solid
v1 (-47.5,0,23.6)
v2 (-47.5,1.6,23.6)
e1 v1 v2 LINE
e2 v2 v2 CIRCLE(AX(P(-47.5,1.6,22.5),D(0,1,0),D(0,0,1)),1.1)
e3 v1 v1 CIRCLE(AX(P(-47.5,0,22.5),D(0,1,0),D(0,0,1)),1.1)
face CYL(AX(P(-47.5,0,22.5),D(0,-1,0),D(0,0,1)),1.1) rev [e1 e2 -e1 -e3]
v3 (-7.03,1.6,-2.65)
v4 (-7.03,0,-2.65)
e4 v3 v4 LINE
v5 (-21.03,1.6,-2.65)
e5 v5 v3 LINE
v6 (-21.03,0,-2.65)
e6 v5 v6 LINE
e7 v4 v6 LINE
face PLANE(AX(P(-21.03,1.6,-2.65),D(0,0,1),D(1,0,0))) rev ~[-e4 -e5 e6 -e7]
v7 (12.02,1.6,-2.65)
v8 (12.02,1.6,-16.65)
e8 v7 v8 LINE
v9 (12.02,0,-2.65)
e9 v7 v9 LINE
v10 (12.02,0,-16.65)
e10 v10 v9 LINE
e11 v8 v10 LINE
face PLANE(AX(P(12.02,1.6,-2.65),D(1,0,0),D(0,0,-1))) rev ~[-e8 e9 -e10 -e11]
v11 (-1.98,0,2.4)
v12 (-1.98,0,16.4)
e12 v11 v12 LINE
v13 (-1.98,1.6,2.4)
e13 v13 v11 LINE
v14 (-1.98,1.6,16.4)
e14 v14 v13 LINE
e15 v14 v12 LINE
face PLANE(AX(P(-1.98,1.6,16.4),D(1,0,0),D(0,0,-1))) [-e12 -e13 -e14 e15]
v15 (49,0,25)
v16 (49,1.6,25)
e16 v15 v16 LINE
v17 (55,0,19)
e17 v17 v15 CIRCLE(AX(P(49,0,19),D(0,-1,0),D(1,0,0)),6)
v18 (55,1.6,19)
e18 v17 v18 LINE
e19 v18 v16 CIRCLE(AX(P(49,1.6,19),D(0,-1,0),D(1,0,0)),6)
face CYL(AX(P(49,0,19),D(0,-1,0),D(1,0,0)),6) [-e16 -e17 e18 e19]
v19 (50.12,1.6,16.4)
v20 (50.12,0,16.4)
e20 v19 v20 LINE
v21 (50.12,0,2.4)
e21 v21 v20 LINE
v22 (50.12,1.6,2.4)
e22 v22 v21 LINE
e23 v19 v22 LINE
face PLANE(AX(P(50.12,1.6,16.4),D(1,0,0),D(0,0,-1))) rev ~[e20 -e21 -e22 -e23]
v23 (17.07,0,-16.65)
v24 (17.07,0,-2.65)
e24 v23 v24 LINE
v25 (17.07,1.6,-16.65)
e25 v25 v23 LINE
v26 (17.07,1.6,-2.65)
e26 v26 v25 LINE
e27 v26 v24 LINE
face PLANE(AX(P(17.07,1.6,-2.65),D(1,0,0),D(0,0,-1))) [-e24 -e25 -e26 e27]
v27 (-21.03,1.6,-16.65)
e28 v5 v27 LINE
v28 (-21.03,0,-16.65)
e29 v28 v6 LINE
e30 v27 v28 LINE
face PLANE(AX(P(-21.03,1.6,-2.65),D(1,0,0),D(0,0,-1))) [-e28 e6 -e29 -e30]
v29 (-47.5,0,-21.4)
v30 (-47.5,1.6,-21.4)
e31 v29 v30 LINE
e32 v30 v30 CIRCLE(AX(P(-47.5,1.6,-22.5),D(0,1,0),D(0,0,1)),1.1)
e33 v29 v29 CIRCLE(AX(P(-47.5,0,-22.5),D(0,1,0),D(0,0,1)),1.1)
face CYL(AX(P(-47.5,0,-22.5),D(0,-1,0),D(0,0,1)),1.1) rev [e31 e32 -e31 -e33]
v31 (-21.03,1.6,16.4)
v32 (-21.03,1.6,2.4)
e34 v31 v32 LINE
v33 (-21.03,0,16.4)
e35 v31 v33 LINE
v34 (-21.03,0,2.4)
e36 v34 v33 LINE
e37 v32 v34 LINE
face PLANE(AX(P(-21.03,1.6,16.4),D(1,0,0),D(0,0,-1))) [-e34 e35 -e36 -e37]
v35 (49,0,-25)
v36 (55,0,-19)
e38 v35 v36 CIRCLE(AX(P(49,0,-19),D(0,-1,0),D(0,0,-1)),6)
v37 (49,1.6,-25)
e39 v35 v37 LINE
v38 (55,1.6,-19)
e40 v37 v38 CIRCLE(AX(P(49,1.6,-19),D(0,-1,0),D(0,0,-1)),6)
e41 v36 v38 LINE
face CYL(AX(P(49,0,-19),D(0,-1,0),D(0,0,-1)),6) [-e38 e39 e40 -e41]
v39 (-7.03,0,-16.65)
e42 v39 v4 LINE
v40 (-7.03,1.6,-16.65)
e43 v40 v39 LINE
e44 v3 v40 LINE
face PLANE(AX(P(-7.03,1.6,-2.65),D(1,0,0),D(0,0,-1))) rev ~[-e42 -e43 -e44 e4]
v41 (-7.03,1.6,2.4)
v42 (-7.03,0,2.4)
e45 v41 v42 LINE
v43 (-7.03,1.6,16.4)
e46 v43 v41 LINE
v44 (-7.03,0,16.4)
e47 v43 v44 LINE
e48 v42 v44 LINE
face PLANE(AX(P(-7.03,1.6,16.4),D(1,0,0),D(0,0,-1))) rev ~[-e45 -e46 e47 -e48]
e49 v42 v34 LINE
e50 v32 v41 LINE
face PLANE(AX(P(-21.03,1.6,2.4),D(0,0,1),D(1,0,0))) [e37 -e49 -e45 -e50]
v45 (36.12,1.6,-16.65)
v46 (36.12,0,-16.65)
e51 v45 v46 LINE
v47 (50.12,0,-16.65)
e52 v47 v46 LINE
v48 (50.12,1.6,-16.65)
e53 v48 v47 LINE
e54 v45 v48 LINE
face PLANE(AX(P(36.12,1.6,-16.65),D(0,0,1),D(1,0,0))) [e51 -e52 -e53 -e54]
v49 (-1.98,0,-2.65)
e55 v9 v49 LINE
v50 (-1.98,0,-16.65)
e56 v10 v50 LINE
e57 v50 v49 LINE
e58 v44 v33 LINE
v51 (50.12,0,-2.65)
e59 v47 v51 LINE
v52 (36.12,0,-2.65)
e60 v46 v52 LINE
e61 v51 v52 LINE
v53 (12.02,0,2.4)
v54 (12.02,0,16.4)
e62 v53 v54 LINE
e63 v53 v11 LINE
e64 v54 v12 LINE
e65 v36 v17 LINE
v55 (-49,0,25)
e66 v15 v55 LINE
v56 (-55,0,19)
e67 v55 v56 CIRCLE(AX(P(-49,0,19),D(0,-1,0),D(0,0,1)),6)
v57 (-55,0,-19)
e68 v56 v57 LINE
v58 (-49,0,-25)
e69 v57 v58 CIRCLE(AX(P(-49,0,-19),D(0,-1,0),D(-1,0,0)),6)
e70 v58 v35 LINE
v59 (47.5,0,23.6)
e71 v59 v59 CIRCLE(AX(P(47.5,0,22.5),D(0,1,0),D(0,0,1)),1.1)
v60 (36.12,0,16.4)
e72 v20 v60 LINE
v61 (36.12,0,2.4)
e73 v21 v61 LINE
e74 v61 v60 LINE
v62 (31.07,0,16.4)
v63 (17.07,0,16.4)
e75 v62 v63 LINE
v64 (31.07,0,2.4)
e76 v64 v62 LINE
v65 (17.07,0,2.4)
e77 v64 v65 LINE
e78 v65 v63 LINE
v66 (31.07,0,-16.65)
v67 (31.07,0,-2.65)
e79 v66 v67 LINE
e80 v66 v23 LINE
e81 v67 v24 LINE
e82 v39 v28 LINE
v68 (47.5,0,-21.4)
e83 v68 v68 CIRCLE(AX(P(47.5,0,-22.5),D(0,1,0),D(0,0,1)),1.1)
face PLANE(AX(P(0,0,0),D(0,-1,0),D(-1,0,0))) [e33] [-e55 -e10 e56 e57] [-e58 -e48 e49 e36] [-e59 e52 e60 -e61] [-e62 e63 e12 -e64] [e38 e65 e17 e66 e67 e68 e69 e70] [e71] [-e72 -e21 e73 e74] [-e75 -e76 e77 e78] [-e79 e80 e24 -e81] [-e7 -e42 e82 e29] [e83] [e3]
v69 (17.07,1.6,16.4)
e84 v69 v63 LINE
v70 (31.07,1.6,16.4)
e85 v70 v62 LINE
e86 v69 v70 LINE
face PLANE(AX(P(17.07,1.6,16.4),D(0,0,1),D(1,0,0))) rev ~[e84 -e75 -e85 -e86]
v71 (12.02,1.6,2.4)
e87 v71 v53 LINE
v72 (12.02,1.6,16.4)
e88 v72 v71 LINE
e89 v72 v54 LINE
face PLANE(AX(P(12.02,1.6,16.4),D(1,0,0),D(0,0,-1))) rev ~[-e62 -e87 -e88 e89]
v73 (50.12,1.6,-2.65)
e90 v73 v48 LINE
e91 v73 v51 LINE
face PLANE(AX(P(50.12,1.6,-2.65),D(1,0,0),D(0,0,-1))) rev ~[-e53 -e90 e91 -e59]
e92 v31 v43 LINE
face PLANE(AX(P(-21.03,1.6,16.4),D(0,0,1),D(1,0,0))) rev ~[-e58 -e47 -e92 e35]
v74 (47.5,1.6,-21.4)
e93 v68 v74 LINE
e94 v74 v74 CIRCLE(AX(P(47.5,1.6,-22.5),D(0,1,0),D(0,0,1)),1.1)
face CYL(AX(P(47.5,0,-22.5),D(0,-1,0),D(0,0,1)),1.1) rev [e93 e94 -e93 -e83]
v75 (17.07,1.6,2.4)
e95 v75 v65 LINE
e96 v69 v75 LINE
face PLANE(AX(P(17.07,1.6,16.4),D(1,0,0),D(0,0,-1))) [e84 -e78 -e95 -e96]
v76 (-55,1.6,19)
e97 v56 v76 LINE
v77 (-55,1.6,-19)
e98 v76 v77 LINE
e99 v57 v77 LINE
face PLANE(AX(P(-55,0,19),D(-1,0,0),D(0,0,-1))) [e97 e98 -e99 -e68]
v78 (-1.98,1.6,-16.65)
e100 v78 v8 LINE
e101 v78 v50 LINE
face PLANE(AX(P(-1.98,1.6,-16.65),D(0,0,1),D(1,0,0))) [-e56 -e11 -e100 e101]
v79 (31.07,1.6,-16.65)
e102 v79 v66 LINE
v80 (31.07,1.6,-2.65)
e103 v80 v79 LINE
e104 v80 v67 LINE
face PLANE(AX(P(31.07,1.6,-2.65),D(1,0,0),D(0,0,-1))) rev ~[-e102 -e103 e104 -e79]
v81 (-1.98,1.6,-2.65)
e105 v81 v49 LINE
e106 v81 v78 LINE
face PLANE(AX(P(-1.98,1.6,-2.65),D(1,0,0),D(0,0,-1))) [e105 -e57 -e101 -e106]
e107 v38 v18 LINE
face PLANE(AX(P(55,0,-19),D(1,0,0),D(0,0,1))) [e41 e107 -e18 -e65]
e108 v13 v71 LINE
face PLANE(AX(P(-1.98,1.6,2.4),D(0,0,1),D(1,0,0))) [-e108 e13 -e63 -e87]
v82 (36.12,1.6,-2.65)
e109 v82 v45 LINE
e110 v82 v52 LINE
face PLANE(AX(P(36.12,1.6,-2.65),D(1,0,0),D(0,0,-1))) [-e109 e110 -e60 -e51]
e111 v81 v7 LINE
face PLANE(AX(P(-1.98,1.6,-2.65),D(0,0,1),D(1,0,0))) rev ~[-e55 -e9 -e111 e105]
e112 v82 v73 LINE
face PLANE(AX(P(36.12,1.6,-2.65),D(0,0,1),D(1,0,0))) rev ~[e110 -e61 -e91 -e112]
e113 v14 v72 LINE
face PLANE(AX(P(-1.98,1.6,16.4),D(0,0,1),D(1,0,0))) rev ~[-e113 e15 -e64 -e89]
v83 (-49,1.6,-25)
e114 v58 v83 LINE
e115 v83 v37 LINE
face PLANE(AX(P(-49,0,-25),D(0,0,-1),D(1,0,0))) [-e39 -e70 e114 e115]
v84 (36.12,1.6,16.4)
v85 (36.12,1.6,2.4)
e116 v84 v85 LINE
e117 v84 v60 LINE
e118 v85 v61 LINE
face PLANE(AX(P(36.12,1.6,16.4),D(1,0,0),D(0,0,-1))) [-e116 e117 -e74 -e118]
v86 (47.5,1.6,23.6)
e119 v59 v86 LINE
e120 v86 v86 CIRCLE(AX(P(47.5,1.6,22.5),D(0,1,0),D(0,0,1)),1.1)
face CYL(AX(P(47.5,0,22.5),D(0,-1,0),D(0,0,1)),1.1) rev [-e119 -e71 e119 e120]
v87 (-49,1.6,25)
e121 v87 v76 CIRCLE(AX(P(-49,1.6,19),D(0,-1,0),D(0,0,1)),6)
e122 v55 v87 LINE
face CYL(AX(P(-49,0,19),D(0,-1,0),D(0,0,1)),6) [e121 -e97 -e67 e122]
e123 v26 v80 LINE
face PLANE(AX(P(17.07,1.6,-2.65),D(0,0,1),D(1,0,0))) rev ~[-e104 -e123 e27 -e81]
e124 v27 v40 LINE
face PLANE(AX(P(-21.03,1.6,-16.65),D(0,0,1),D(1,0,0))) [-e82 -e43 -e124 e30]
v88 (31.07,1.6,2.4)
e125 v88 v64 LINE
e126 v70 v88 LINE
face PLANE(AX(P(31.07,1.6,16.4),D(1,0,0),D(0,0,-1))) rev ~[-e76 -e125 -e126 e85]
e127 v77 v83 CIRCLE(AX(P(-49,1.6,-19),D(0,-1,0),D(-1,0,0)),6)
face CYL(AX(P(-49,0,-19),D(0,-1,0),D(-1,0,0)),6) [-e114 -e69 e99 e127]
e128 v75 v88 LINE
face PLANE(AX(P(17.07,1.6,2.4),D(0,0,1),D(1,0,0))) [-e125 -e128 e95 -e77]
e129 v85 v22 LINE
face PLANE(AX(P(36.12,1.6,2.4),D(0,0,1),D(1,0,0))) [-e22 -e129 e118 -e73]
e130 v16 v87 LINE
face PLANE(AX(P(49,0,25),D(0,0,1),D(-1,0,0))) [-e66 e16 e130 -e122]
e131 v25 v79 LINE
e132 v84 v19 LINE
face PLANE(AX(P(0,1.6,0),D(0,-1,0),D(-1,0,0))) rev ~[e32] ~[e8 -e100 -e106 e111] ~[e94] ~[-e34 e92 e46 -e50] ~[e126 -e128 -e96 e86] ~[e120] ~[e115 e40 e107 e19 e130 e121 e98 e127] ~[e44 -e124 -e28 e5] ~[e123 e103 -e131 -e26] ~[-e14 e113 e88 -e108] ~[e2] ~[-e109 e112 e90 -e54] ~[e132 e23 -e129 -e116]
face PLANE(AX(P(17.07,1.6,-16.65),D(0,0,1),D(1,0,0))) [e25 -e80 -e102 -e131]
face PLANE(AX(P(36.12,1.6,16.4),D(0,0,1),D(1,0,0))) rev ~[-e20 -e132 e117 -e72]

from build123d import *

# Parameters (mm, degrees)
SKIZZE1_R                       = 1.1
AUFSATZ_LINEAR_AUSTRAGEN1_DEPTH = 1.6
SKIZZE2_W                       = 14
SKIZZE2_H                       = 14
SCHNITT_LINEAR_AUSTRAGEN1_DEPTH = 61.436412865


with BuildPart() as part:
    # Skizze1 → Aufsatz-Linear austragen1 (new body)
    with BuildSketch(Plane(origin=(0, 0, 0), x_dir=(1, 0, 0), z_dir=(0, 1, 0))):
        with BuildLine():
            Line((-49, 25), (49, 25))
            ThreePointArc((49, 25), (53.242640687, 23.242640687), (55, 19))
            Line((55, 19), (55, -19))
            ThreePointArc((55, -19), (53.242640687, -23.242640687), (49, -25))
            Line((49, -25), (-49, -25))
            ThreePointArc((-49, -25), (-53.242640687, -23.242640687), (-55, -19))
            Line((-55, -19), (-55, 19))
            ThreePointArc((-55, 19), (-53.242640687, 23.242640687), (-49, 25))
        make_face()
        with Locations(Location((47.5, 22.5, 0), (0, 0, 270))):
            Circle(SKIZZE1_R, mode=Mode.SUBTRACT)
        with Locations(Location((-47.5, 22.5, 0), (0, 0, 270))):
            Circle(SKIZZE1_R, mode=Mode.SUBTRACT)
        with Locations(Location((47.5, -22.5, 0), (0, 0, 270))):
            Circle(SKIZZE1_R, mode=Mode.SUBTRACT)
        with Locations(Location((-47.5, -22.5, 0), (0, 0, 270))):
            Circle(SKIZZE1_R, mode=Mode.SUBTRACT)
    extrude(amount=AUFSATZ_LINEAR_AUSTRAGEN1_DEPTH)

    # Skizze2 → Schnitt-Linear austragen1 (cut, through all)
    with BuildSketch(Plane(origin=(0, 1.6, 0), x_dir=(1, 0, 0), z_dir=(0, 1, 0))):
        with Locations((43.12, 9.65)):
            Rectangle(SKIZZE2_W, SKIZZE2_H)
        with Locations((43.12, -9.4)):
            Rectangle(SKIZZE2_W, SKIZZE2_H)
        with Locations((24.07, -9.4)):
            Rectangle(SKIZZE2_W, SKIZZE2_H)
        with Locations((5.02, -9.4)):
            Rectangle(SKIZZE2_W, SKIZZE2_H)
        with Locations((-14.03, -9.4)):
            Rectangle(SKIZZE2_W, SKIZZE2_H)
        with Locations((24.07, 9.65)):
            Rectangle(SKIZZE2_W, SKIZZE2_H)
        with Locations((5.02, 9.65)):
            Rectangle(SKIZZE2_W, SKIZZE2_H)
        with Locations((-14.03, 9.65)):
            Rectangle(SKIZZE2_W, SKIZZE2_H)
    extrude(amount=-SCHNITT_LINEAR_AUSTRAGEN1_DEPTH, mode=Mode.SUBTRACT)


solid = part.part
